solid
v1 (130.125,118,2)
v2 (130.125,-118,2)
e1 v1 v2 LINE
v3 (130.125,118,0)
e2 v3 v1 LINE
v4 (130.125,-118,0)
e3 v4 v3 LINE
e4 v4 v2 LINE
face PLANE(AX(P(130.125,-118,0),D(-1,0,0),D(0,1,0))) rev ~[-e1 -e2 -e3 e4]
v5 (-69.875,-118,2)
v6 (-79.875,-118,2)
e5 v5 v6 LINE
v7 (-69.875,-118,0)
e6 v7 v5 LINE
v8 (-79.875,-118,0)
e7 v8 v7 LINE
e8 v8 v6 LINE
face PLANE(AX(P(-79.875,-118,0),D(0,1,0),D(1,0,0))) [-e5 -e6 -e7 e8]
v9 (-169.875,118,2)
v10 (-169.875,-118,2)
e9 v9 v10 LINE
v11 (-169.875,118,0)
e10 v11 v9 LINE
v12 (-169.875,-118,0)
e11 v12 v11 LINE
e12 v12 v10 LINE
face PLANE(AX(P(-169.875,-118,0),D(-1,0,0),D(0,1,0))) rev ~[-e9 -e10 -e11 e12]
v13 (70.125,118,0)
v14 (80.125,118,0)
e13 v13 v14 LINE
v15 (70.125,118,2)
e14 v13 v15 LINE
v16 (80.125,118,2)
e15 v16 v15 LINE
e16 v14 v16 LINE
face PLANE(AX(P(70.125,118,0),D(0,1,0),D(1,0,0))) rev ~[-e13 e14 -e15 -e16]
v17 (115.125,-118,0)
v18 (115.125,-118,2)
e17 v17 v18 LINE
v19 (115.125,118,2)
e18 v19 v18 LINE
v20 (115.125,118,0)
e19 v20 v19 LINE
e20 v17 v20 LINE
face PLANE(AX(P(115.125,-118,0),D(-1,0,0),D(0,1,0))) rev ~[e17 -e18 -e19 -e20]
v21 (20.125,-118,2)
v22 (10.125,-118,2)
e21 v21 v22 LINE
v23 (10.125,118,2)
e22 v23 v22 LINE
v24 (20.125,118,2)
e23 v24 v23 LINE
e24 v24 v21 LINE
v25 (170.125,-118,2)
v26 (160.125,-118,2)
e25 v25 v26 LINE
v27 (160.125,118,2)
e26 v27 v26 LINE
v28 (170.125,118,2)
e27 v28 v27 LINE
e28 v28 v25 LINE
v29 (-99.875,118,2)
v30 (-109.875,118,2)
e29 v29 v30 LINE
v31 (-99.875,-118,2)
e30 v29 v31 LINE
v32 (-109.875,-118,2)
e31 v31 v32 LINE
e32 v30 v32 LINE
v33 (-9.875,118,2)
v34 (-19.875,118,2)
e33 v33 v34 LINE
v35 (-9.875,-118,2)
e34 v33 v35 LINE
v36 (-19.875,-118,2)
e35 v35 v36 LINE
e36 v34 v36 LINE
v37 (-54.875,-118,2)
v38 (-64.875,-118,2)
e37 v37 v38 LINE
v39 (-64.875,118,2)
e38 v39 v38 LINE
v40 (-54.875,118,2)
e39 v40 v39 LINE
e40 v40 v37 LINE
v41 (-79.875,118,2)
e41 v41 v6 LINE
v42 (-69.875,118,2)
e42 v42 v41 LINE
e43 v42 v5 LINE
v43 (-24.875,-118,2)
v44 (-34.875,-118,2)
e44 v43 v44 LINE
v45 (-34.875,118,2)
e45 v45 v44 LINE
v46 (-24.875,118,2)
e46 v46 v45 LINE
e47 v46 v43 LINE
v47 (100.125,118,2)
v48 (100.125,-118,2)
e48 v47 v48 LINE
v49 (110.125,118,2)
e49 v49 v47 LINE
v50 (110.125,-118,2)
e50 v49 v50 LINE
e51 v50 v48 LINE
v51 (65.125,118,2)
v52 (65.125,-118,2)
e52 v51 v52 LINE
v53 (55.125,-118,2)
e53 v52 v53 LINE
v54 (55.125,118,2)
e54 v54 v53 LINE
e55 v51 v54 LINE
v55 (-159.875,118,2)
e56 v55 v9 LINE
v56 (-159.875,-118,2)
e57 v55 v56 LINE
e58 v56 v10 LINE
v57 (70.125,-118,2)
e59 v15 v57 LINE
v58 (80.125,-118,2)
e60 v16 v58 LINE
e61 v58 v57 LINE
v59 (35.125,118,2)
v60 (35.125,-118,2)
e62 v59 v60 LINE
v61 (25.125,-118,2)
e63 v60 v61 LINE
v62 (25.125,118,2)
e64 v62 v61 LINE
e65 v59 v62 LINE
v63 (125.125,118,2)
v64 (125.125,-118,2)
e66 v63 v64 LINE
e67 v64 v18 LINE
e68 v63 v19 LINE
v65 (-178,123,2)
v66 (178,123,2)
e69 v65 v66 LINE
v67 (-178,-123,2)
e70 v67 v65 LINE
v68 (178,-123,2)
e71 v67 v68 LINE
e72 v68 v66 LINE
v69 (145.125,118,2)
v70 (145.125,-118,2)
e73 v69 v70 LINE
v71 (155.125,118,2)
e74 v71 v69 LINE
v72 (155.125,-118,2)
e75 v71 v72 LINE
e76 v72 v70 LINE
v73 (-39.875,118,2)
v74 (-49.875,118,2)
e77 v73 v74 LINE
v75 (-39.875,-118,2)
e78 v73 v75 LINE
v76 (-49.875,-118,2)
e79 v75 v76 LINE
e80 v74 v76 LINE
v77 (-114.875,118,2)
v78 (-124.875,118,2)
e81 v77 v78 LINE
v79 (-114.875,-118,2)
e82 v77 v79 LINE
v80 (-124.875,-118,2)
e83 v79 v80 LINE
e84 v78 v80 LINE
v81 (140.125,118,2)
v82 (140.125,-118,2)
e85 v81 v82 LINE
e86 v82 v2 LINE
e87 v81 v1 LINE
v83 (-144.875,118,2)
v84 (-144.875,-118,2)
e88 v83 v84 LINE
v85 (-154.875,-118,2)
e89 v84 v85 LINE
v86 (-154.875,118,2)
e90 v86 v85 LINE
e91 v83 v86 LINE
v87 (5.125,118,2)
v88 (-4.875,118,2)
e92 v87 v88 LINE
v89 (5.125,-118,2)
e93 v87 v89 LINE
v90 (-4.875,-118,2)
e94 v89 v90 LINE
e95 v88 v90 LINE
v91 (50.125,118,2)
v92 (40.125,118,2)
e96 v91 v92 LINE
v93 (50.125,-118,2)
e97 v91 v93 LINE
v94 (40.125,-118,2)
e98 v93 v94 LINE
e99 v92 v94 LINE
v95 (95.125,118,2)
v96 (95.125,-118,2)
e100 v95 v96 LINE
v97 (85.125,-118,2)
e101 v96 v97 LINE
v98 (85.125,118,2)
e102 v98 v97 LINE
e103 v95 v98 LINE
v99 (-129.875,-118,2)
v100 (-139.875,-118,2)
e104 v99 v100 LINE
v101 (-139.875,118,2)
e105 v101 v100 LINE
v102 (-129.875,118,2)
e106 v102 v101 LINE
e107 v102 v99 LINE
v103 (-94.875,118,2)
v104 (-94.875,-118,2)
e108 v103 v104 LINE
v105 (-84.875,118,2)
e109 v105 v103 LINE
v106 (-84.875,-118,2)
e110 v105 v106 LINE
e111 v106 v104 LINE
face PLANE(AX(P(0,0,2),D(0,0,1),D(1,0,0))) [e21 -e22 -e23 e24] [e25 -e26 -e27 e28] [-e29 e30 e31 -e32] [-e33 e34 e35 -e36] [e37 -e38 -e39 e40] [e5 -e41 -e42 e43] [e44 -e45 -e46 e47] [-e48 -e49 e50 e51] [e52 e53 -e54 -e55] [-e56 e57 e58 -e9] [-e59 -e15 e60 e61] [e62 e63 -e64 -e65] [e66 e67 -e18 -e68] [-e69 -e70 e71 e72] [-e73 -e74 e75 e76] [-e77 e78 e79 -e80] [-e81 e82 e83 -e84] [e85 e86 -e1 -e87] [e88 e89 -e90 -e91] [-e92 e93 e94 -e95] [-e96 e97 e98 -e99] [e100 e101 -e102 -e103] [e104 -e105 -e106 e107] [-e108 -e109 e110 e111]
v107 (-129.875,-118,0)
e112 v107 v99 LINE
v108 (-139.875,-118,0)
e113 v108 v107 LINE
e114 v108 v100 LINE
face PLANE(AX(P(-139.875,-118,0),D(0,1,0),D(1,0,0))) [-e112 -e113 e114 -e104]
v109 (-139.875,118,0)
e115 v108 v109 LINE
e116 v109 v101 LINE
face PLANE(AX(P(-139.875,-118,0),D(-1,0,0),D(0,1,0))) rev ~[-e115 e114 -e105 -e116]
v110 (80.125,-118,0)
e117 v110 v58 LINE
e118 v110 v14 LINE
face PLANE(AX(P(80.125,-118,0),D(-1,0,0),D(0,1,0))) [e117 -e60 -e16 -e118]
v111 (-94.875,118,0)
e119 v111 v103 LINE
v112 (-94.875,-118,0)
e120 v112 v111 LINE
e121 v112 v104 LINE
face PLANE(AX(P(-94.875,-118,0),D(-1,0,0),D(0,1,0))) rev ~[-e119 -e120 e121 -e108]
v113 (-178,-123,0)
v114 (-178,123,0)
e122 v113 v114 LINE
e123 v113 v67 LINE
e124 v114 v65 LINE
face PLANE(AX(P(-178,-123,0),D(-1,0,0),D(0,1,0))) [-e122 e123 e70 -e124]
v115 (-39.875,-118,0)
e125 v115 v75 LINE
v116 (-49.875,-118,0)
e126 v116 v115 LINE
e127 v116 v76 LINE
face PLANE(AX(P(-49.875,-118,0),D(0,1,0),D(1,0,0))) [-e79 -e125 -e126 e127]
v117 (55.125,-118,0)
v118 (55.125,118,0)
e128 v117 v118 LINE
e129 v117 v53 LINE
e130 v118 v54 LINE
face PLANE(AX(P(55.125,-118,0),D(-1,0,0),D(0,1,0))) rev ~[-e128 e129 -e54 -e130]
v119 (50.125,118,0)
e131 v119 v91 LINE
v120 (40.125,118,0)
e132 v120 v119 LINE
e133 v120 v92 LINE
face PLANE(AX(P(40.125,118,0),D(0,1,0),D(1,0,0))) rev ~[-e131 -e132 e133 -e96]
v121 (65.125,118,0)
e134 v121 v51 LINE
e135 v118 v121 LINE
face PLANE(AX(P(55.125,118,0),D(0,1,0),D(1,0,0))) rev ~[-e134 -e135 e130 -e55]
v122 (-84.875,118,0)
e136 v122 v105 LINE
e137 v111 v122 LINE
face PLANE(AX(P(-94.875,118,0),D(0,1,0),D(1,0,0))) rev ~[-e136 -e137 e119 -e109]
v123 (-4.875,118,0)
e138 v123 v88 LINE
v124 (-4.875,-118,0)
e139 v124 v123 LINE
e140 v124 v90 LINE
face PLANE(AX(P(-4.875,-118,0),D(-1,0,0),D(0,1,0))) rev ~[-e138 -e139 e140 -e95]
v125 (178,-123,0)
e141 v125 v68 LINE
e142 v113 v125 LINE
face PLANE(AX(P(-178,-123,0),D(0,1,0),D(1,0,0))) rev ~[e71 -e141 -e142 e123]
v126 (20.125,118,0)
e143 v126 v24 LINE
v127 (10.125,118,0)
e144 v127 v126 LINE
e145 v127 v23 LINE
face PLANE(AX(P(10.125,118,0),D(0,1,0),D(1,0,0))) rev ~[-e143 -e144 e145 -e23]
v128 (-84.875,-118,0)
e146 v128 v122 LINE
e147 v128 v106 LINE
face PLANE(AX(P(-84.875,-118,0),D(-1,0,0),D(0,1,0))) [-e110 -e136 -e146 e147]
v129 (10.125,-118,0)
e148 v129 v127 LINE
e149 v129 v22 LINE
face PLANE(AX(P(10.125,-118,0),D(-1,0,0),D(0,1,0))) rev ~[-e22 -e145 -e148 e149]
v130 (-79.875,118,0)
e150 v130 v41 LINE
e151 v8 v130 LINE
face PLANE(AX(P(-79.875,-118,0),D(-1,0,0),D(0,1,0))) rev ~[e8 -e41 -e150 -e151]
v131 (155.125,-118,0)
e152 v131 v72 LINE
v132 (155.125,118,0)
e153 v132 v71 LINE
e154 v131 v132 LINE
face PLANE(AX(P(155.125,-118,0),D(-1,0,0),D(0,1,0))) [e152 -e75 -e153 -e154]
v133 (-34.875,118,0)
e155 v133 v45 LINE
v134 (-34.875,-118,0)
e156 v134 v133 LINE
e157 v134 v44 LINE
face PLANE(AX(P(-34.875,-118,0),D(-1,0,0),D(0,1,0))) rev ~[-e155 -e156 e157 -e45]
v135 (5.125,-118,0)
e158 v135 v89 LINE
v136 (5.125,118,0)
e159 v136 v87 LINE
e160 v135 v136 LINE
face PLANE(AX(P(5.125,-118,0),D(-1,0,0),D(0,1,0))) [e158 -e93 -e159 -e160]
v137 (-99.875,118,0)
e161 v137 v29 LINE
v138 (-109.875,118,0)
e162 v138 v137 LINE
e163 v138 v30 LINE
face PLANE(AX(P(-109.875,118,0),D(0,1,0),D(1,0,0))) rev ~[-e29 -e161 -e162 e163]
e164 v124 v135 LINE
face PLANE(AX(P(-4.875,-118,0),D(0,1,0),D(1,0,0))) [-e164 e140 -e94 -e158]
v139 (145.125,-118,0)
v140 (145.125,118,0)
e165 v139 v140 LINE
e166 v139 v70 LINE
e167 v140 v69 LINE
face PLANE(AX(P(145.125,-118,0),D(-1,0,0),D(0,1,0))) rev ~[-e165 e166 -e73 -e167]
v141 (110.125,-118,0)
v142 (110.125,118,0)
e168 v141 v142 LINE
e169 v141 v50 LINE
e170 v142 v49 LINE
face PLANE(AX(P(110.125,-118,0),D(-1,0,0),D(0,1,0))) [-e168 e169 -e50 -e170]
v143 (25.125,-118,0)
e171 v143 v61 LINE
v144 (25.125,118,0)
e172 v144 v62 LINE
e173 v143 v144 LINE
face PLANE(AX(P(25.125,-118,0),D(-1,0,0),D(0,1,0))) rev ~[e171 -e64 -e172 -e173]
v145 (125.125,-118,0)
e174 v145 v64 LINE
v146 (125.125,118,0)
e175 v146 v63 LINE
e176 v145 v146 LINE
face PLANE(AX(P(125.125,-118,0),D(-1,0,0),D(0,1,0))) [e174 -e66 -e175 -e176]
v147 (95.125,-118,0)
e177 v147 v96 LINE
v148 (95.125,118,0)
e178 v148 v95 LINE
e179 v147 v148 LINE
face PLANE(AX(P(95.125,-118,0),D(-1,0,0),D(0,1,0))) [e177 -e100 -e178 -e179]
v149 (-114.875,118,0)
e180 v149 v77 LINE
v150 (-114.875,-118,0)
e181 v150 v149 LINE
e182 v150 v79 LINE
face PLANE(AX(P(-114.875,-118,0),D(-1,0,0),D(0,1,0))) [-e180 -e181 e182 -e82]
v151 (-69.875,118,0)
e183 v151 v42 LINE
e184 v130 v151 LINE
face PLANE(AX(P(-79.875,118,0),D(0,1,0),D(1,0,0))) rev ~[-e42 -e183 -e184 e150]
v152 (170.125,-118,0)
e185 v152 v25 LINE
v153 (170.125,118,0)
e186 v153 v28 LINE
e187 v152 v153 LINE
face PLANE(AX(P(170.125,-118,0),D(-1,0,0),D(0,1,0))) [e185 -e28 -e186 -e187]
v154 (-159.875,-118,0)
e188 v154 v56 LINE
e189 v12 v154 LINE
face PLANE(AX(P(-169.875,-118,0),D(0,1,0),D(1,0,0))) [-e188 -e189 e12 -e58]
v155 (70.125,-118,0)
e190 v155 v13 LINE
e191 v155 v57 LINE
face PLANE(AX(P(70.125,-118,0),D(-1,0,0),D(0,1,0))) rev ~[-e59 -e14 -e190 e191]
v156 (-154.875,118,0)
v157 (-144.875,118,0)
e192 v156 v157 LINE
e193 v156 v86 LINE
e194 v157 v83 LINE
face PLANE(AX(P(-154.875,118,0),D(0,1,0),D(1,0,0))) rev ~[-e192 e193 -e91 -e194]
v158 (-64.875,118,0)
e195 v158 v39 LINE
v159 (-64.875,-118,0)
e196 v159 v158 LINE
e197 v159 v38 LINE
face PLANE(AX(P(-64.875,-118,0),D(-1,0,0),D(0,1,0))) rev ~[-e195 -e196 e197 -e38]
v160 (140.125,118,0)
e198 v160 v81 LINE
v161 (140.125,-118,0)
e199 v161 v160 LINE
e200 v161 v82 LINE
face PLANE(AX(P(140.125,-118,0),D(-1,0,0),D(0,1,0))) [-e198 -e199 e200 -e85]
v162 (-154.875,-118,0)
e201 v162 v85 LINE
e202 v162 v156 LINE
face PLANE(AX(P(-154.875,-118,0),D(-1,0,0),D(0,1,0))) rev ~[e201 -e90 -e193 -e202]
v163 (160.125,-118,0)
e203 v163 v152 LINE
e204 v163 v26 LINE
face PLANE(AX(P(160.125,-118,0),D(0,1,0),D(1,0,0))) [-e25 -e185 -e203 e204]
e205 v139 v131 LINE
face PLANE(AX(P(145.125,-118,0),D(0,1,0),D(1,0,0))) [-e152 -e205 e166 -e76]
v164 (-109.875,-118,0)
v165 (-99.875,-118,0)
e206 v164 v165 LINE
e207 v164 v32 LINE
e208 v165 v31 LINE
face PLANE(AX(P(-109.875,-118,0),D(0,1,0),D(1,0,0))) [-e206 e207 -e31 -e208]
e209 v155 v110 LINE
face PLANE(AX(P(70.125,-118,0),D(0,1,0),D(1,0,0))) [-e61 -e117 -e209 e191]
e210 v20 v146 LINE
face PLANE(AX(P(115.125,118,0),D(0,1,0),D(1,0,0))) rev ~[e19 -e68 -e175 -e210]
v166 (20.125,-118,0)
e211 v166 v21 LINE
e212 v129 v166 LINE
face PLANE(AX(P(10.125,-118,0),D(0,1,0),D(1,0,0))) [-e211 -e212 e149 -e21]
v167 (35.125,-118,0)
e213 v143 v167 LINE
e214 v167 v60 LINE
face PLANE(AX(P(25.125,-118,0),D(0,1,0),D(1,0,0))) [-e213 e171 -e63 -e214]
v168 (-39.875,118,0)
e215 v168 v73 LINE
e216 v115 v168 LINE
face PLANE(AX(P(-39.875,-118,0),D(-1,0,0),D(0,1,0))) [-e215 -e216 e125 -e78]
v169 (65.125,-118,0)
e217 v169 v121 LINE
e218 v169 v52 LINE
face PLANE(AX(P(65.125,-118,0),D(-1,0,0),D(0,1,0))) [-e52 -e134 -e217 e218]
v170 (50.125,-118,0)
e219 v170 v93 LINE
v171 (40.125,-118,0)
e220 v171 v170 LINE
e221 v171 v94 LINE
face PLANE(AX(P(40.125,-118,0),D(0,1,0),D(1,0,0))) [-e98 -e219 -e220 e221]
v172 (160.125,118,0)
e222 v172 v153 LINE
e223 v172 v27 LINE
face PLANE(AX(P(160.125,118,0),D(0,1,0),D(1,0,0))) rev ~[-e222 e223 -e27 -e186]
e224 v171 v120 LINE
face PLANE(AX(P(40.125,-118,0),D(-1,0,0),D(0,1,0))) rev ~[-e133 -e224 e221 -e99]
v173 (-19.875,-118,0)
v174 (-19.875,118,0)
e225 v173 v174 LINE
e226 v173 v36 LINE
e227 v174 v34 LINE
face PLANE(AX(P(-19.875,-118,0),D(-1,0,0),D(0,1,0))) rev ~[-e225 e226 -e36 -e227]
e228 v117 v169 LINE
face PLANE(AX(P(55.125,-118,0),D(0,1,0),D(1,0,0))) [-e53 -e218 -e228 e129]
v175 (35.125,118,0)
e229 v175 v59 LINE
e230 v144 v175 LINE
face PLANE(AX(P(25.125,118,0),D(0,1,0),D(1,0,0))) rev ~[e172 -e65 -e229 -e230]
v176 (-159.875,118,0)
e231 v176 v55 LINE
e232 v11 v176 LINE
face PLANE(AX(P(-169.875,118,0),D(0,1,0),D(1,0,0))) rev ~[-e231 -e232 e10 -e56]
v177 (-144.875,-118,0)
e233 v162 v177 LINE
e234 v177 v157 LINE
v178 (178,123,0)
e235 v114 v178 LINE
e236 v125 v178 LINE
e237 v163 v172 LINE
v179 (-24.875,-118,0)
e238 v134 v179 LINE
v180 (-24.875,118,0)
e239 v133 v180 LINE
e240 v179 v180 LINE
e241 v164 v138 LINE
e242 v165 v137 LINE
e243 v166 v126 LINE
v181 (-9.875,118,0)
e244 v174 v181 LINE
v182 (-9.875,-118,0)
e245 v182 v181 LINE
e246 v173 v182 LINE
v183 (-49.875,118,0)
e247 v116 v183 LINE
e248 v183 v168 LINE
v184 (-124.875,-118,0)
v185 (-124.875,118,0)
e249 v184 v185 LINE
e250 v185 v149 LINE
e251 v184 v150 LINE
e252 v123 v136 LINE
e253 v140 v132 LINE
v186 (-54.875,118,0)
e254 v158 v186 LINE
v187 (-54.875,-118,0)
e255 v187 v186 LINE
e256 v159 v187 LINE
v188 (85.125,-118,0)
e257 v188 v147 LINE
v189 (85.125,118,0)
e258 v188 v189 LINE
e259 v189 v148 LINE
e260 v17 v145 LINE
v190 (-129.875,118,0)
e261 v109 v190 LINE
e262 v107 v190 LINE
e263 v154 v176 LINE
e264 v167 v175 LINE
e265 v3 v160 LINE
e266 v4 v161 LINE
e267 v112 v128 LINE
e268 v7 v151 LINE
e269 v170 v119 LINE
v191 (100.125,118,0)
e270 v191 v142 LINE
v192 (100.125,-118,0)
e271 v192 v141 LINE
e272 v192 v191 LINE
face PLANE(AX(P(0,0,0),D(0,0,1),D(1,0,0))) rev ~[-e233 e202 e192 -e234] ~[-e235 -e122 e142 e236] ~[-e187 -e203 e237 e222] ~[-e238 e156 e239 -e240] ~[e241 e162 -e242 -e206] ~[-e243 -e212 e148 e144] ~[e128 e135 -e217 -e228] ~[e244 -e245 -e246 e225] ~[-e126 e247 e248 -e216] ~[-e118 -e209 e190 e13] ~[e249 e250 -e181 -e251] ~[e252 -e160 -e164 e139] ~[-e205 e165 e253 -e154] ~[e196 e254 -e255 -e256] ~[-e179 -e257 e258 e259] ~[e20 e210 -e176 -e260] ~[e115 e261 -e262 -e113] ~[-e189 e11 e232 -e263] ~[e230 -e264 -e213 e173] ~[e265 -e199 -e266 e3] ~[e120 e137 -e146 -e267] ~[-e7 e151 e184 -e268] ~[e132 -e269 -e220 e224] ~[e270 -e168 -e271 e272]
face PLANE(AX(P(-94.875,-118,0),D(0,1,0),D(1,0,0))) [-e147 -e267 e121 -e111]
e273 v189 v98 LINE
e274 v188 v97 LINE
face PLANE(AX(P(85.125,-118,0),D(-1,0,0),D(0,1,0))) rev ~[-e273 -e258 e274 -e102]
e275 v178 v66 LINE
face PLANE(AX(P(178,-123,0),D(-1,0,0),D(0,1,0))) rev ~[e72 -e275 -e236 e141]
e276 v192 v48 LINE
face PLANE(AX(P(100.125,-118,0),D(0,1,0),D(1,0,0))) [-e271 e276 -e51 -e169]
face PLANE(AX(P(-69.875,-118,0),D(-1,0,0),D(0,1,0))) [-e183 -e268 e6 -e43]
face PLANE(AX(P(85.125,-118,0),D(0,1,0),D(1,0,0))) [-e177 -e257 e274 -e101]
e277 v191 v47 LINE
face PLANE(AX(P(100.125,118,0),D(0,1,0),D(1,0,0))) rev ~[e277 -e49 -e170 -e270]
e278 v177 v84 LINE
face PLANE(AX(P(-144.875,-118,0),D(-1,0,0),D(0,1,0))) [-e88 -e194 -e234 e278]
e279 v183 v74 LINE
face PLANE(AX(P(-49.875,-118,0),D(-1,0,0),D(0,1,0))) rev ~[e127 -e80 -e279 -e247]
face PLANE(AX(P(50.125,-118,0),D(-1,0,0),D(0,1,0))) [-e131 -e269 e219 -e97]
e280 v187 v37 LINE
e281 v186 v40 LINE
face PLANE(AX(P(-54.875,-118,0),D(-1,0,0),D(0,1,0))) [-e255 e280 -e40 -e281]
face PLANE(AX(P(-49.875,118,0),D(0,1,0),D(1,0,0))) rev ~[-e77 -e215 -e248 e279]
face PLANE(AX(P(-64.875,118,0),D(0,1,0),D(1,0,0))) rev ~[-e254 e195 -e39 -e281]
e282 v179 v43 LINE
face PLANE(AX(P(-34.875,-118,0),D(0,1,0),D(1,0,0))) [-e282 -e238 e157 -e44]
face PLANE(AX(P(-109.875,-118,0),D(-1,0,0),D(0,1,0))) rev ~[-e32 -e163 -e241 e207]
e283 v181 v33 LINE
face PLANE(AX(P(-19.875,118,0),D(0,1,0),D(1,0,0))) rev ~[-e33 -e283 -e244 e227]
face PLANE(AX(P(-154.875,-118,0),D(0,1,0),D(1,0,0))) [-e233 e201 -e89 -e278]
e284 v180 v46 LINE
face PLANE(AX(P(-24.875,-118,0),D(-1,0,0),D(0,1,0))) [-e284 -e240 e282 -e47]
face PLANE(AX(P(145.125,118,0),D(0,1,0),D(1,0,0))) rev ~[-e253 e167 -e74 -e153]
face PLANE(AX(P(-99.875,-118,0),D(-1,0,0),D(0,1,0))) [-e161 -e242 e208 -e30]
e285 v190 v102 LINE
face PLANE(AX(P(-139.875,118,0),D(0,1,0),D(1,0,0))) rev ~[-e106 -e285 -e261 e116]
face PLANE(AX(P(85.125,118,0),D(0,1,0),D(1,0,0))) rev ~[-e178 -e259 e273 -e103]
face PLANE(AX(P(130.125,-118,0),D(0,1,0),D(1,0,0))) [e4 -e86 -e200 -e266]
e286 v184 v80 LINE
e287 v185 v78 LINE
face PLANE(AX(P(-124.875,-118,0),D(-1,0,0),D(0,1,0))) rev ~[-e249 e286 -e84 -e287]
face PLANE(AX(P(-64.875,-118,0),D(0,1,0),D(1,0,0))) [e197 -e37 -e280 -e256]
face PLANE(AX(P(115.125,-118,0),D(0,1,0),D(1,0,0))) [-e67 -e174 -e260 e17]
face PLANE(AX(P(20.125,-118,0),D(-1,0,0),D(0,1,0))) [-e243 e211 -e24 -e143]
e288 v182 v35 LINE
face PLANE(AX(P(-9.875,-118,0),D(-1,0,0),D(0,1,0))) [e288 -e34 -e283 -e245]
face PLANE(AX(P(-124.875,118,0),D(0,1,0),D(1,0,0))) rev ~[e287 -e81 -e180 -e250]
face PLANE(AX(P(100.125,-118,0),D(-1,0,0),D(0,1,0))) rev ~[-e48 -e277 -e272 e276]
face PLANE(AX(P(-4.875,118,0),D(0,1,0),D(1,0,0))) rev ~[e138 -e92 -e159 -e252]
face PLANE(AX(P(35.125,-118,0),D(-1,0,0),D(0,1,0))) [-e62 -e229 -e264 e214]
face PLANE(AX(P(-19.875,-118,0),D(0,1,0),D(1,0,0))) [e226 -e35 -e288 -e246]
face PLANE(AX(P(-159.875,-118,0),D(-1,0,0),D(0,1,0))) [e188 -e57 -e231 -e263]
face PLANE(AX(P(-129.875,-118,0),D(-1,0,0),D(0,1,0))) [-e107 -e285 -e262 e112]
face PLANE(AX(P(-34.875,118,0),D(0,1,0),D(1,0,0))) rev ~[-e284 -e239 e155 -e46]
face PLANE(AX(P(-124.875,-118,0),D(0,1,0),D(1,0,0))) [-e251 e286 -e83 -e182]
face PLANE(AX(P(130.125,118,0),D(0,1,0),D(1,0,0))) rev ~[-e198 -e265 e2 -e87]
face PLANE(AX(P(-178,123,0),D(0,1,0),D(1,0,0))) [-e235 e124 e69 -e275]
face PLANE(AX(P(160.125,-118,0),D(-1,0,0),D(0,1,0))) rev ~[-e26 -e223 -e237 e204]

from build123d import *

# Parameters (mm, degrees)
F0_W     = 356
F0_H     = 246
F1_DEPTH = 2
F2_W     = 10
F2_H     = 236
F3_DEPTH = 5


with BuildPart() as f1:
    # F0 (on Top) → F1 (new body)
    with BuildSketch(Plane.XY):
        Rectangle(F0_W, F0_H)
    extrude(amount=F1_DEPTH)

    # F2 (on Top) → F3 (cut)
    with BuildSketch(Plane.XY):
        with Locations((-164.875, 0)):
            Rectangle(F2_W, F2_H)
        with Locations((-149.875, 0)):
            Rectangle(F2_W, F2_H)
        with Locations((-134.875, 0)):
            Rectangle(F2_W, F2_H)
        with Locations((-119.875, 0)):
            Rectangle(F2_W, F2_H)
        with Locations((-104.875, 0)):
            Rectangle(F2_W, F2_H)
        with Locations((-89.875, 0)):
            Rectangle(F2_W, F2_H)
        with Locations((-74.875, 0)):
            Rectangle(F2_W, F2_H)
        with Locations((-59.875, 0)):
            Rectangle(F2_W, F2_H)
        with Locations((-44.875, 0)):
            Rectangle(F2_W, F2_H)
        with Locations((-29.875, 0)):
            Rectangle(F2_W, F2_H)
        with Locations((-14.875, 0)):
            Rectangle(F2_W, F2_H)
        with Locations((0.125, 0)):
            Rectangle(F2_W, F2_H)
        with Locations((15.125, 0)):
            Rectangle(F2_W, F2_H)
        with Locations((30.125, 0)):
            Rectangle(F2_W, F2_H)
        with Locations((45.125, 0)):
            Rectangle(F2_W, F2_H)
        with Locations((60.125, 0)):
            Rectangle(F2_W, F2_H)
        with Locations((75.125, 0)):
            Rectangle(F2_W, F2_H)
        with Locations((90.125, 0)):
            Rectangle(F2_W, F2_H)
        with Locations((105.125, 0)):
            Rectangle(F2_W, F2_H)
        with Locations((120.125, 0)):
            Rectangle(F2_W, F2_H)
        with Locations((135.125, 0)):
            Rectangle(F2_W, F2_H)
        with Locations((150.125, 0)):
            Rectangle(F2_W, F2_H)
        with Locations((165.125, 0)):
            Rectangle(F2_W, F2_H)
    extrude(amount=F3_DEPTH, mode=Mode.SUBTRACT)


solid = f1.part
